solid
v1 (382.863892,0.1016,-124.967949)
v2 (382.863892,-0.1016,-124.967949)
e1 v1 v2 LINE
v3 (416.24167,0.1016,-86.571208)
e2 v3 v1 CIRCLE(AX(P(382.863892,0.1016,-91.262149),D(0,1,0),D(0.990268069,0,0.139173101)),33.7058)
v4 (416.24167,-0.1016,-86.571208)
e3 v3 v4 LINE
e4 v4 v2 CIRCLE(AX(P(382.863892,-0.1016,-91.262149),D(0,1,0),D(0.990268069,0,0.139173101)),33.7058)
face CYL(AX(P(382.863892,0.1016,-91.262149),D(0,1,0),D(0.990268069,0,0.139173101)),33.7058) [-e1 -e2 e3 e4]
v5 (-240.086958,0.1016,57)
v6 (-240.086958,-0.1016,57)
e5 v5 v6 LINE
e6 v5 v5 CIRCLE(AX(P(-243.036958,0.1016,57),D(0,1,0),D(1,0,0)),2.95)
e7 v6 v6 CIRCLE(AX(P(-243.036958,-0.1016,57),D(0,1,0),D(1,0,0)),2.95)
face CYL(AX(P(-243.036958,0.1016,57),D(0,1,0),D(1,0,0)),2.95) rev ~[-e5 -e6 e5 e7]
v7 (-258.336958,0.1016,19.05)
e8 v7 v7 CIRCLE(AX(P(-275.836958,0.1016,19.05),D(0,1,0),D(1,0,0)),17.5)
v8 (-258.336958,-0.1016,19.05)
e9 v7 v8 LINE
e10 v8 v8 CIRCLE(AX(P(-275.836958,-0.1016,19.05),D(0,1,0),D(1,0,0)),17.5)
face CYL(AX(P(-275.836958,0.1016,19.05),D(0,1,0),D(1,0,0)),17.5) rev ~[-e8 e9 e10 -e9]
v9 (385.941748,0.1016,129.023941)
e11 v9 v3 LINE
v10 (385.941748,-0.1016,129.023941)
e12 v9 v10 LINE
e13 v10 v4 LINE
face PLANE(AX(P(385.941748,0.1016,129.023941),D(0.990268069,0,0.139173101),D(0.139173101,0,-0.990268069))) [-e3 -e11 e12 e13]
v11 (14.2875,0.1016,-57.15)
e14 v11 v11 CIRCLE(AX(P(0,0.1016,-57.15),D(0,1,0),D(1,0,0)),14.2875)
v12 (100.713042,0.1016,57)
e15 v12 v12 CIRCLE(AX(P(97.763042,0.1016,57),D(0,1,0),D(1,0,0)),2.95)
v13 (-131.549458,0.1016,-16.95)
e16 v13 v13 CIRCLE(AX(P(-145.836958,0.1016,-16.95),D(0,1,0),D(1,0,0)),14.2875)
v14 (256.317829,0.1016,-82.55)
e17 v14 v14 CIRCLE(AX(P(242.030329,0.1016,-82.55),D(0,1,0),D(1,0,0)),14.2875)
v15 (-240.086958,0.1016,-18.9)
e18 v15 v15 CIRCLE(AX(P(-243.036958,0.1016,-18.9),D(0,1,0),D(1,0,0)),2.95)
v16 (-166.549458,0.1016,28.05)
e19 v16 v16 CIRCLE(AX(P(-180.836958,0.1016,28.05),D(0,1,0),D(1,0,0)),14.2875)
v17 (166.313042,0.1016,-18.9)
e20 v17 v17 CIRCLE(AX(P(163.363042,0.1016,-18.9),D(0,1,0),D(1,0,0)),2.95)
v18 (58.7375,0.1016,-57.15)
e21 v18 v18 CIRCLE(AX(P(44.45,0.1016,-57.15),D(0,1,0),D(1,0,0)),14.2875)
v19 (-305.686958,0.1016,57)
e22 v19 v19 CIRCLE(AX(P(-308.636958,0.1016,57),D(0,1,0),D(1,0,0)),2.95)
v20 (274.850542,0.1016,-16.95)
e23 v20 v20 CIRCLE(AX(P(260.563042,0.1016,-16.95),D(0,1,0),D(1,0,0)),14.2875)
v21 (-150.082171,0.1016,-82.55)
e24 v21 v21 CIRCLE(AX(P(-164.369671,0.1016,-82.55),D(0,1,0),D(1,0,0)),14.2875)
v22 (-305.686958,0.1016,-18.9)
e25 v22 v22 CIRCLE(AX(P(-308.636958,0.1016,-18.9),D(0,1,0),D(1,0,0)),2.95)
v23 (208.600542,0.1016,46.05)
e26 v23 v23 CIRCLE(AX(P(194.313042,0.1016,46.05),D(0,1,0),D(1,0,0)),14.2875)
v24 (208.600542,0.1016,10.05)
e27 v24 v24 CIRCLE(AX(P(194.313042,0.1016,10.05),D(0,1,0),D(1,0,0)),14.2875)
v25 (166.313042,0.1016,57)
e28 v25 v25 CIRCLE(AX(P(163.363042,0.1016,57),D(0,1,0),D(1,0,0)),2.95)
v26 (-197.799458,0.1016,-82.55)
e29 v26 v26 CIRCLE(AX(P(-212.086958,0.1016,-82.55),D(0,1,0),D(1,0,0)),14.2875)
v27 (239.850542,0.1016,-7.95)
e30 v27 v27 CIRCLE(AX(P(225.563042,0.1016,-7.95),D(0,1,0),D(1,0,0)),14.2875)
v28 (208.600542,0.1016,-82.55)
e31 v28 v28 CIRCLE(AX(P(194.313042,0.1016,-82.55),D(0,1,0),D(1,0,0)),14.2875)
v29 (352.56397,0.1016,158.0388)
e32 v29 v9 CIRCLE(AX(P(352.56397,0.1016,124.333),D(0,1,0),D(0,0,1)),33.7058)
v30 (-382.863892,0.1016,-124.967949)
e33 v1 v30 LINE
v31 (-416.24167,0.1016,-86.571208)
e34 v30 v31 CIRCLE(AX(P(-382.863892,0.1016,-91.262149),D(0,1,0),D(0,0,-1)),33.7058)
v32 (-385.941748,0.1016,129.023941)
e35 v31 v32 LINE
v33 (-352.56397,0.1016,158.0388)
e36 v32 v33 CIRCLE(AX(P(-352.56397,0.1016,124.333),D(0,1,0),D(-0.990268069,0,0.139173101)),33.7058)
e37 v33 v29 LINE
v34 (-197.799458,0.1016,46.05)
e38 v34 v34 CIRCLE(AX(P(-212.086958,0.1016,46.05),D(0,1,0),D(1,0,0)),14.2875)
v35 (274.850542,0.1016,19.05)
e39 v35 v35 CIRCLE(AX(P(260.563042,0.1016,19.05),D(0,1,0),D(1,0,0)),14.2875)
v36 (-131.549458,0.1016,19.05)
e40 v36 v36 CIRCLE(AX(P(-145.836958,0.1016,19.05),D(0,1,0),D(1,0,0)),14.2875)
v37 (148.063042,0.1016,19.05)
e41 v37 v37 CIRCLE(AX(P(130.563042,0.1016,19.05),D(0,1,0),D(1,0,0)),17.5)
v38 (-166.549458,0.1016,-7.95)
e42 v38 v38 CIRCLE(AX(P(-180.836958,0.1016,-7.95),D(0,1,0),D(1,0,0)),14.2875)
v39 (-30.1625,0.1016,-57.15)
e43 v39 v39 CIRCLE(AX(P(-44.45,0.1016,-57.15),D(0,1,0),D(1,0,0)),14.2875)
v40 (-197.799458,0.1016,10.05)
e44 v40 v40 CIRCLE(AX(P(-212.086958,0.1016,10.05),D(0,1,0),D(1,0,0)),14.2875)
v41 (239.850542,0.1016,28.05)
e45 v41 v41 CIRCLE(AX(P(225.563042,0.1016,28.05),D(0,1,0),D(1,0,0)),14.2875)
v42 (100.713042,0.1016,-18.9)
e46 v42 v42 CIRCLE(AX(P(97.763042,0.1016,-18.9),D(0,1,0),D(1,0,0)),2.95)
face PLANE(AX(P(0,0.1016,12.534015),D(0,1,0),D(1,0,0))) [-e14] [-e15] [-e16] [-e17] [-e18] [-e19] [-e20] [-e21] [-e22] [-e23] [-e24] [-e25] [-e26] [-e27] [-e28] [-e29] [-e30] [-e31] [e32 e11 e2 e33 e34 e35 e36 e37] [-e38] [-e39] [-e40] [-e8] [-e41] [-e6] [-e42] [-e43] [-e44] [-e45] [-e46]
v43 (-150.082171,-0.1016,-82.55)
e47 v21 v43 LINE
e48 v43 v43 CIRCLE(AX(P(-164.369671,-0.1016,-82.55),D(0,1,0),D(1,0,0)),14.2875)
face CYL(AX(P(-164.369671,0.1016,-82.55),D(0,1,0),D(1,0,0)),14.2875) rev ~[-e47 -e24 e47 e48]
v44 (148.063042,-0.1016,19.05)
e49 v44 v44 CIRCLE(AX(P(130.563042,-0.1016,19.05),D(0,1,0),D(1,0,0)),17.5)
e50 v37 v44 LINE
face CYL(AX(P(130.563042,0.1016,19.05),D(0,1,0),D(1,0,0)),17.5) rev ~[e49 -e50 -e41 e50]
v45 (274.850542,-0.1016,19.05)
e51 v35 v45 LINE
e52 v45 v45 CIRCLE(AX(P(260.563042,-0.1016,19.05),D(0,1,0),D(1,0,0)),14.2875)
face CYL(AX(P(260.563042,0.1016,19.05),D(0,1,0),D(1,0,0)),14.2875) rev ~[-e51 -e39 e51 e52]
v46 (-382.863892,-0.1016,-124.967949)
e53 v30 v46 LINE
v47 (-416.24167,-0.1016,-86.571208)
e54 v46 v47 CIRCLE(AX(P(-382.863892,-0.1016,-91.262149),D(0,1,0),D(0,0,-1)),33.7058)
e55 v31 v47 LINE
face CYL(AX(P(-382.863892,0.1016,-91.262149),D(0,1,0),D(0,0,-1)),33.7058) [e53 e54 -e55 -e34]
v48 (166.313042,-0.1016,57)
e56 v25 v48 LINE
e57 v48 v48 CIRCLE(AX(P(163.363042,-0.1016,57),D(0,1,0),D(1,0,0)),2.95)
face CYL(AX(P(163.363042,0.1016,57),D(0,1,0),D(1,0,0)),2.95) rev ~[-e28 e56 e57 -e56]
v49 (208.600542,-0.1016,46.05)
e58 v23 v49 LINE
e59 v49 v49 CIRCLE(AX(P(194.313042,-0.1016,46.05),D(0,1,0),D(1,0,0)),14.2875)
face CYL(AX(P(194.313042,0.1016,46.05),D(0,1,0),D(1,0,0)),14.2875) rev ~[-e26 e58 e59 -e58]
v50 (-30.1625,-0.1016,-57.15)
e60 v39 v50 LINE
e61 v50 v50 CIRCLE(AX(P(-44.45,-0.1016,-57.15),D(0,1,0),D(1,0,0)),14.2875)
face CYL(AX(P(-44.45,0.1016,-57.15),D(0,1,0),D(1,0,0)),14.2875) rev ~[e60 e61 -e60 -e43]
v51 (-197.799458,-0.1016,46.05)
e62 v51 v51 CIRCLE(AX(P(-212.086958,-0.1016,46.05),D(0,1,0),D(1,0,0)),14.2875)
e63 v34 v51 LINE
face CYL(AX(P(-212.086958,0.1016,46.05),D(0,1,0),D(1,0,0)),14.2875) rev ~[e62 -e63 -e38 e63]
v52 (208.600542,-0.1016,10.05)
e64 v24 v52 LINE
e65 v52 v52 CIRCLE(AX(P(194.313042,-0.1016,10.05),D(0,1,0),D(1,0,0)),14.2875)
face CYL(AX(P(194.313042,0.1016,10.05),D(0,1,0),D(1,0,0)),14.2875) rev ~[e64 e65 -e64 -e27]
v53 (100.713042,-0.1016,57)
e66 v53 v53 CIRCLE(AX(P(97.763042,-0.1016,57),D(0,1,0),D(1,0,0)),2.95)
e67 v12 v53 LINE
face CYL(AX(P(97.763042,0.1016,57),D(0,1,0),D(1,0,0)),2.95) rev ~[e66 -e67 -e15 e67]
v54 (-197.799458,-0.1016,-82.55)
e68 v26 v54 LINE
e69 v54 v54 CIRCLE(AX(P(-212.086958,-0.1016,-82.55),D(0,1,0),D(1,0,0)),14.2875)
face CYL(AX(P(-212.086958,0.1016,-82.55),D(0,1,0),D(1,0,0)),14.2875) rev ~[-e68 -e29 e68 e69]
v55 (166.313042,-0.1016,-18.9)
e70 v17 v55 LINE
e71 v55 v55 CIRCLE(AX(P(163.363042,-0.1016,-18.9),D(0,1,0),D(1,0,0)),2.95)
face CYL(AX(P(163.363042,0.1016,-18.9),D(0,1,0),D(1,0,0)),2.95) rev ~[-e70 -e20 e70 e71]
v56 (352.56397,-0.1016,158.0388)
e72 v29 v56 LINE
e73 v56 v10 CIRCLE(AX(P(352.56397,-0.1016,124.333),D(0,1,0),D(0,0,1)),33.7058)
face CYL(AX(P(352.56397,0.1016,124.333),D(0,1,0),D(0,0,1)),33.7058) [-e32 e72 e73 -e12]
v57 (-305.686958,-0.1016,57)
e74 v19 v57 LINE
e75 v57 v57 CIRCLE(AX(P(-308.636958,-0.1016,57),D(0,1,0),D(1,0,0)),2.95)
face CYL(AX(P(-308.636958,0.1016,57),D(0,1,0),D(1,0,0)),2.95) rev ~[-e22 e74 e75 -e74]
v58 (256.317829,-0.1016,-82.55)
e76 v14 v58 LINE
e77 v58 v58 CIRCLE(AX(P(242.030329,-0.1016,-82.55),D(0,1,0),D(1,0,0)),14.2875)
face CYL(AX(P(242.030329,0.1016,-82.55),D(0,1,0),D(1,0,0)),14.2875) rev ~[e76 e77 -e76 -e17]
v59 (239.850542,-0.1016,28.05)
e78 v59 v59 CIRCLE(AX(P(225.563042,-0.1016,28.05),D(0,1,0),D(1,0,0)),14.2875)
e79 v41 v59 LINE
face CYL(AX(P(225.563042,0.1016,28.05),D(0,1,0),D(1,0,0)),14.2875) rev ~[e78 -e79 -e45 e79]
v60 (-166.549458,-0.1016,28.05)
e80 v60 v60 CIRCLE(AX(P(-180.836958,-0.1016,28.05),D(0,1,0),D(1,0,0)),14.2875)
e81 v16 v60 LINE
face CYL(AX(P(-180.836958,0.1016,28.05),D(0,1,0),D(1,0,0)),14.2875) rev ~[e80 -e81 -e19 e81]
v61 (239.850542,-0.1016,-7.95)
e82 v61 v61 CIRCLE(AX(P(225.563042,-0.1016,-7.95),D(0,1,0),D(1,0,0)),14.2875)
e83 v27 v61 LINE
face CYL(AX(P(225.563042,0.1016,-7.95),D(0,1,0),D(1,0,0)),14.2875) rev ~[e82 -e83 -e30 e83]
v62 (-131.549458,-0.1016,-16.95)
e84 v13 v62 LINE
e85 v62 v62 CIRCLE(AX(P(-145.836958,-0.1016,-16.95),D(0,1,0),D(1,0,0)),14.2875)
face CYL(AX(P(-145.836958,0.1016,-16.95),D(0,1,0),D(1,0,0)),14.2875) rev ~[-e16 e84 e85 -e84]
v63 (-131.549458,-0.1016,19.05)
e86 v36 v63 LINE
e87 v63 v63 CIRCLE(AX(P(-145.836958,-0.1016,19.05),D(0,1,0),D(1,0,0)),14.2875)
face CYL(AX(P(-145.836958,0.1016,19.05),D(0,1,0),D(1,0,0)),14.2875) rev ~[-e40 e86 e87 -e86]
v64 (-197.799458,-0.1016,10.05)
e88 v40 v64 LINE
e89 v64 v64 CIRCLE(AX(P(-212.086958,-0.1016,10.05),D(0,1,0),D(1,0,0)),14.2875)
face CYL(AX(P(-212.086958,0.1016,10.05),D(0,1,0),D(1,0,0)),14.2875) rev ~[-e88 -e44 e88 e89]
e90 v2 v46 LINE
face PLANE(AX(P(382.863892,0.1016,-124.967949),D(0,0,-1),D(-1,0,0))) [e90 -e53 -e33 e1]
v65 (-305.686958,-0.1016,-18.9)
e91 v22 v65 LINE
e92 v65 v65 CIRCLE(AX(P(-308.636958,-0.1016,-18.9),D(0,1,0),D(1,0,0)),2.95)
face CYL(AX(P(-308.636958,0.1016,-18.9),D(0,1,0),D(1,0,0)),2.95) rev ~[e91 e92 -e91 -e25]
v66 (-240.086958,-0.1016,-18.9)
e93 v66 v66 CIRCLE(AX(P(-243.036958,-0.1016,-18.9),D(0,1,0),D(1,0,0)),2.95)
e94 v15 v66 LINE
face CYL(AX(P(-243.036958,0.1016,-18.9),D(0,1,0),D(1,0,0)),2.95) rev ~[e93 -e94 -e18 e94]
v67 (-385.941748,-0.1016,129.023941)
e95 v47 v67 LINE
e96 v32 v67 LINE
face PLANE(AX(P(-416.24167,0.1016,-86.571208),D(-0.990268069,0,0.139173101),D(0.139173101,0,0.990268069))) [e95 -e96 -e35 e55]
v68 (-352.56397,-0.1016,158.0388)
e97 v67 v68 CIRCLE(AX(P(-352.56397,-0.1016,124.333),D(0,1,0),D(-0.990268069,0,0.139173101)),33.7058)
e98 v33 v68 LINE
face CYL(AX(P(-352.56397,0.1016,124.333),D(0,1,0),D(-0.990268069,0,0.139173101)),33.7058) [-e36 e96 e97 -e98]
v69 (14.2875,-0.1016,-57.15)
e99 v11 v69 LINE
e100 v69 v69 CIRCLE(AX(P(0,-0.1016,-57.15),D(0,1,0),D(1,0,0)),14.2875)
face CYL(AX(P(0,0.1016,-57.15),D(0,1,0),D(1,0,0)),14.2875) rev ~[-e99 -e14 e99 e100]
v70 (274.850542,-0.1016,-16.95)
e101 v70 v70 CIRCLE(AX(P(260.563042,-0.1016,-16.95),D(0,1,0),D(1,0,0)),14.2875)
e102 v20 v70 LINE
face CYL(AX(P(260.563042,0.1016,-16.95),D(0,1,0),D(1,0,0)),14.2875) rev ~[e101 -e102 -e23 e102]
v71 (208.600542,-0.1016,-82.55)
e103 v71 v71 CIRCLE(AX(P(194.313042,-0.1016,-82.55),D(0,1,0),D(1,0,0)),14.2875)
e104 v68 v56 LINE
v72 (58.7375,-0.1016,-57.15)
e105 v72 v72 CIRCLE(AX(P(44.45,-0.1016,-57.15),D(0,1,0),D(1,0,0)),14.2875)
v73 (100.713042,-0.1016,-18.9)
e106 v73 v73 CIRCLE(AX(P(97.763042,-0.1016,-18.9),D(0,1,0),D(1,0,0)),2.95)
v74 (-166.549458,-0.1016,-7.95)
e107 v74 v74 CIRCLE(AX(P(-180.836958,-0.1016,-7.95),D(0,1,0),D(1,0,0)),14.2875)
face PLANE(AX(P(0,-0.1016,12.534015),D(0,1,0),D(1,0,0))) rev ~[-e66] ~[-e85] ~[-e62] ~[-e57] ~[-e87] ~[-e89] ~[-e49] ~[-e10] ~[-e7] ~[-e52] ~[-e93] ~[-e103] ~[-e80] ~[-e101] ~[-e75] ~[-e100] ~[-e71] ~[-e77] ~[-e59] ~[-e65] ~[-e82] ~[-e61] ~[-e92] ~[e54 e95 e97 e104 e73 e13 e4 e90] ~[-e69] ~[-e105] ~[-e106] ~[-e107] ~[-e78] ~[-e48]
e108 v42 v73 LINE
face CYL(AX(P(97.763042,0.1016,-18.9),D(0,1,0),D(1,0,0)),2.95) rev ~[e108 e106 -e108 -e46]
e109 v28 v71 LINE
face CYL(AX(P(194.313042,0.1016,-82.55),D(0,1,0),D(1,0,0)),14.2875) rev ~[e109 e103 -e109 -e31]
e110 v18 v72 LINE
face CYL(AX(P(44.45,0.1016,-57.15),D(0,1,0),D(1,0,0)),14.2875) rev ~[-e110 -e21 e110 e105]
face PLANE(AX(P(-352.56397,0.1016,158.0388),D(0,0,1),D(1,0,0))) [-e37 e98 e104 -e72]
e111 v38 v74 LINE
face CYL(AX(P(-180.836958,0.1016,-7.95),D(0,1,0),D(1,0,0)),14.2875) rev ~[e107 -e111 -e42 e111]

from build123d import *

# Parameters (mm, degrees)
SKETCH1_W               = 671.5125
SKETCH1_H               = 299.466
BOSS_EXTRUDE1_DEPTH     = 0.1016
BOSS_EXTRUDE2_DEPTH     = 0.2032
FILLET1_R               = 25.4
SKETCH3_R               = 17.5
SKETCH3_R_2             = 14.2875
SKETCH3_R_3             = 2.95
CUT_EXTRUDE1_DEPTH      = 1
CUT_EXTRUDE1_DEPTH_BACK = 1.2032
SKETCH4_W               = 671.5125
SKETCH4_H               = 33.0708508
CUT_EXTRUDE2_DEPTH      = 1
CUT_EXTRUDE2_DEPTH_BACK = 1.2032
BOSS_EXTRUDE3_DEPTH     = 0.2032


with BuildPart() as part:
    # Sketch1 → Boss-Extrude1 (new body, symmetric)
    with BuildSketch(Plane(origin=(0, 0, 0), x_dir=(1, 0, 0), z_dir=(0, 1, 0))):
        Rectangle(SKETCH1_W, SKETCH1_H)
    extrude(amount=BOSS_EXTRUDE1_DEPTH, both=True)

    # Sketch2 → Boss-Extrude2 (add)
    with BuildSketch(Plane(origin=(0, 0.1016, 0), x_dir=(1, 0, 0), z_dir=(0, 1, 0))):
        Polygon((335.75625, -149.733), (374.643853371, -149.733), (412.08325, 116.6621492), (335.75625, 116.6621492), align=None)
        Polygon((-335.75625, 116.6621492), (-335.75625, -149.733), (-374.643853371, -149.733), (-412.08325, 116.6621492), align=None)
    extrude(amount=-BOSS_EXTRUDE2_DEPTH)

    # Fillet1
    fillet1_edges = [part.edges().sort_by_distance(p)[0] for p in [
        (374.643853371, 0, 149.733),
        (412.08325, 0, -116.6621492),
        (-412.08325, 0, -116.6621492),
        (-374.643853371, 0, 149.733),
    ]]
    fillet(fillet1_edges, radius=FILLET1_R)

    # Sketch3 → Cut-Extrude1 (cut, two sides)
    with BuildSketch(Plane(origin=(0, 0.1016, 0), x_dir=(1, 0, 0), z_dir=(0, 1, 0))) as cut_extrude1_sk:
        with Locations((-275.836957508, -19.05)):
            Circle(SKETCH3_R)
        with Locations((-180.836957508, 7.95)):
            Circle(SKETCH3_R_2)
        with Locations((-145.836957508, 16.95)):
            Circle(SKETCH3_R_2)
        with Locations((-145.836957508, -19.05)):
            Circle(SKETCH3_R_2)
        with Locations((-180.836957508, -28.05)):
            Circle(SKETCH3_R_2)
        with Locations((-212.086957508, -10.05)):
            Circle(SKETCH3_R_2)
        with Locations((-212.086957508, -46.05)):
            Circle(SKETCH3_R_2)
        with Locations((-212.086957508, 82.55)):
            Circle(SKETCH3_R_2)
        with Locations((-164.36967051, 82.55)):
            Circle(SKETCH3_R_2)
        with Locations((130.563042492, -19.05)):
            Circle(SKETCH3_R)
        with Locations((225.563042492, 7.95)):
            Circle(SKETCH3_R_2)
        with Locations((260.563042492, 16.95)):
            Circle(SKETCH3_R_2)
        with Locations((260.563042492, -19.05)):
            Circle(SKETCH3_R_2)
        with Locations((225.563042492, -28.05)):
            Circle(SKETCH3_R_2)
        with Locations((194.313042492, -10.05)):
            Circle(SKETCH3_R_2)
        with Locations((194.313042492, -46.05)):
            Circle(SKETCH3_R_2)
        with Locations((194.313042492, 82.55)):
            Circle(SKETCH3_R_2)
        with Locations((242.03032949, 82.55)):
            Circle(SKETCH3_R_2)
        with Locations((-308.636957508, 18.9)):
            Circle(SKETCH3_R_3)
        with Locations((-243.036957508, 18.9)):
            Circle(SKETCH3_R_3)
        with Locations((-308.636957508, -57)):
            Circle(SKETCH3_R_3)
        with Locations((-243.036957508, -57)):
            Circle(SKETCH3_R_3)
        with Locations((97.763042492, 18.9)):
            Circle(SKETCH3_R_3)
        with Locations((163.363042492, 18.9)):
            Circle(SKETCH3_R_3)
        with Locations((97.763042492, -57)):
            Circle(SKETCH3_R_3)
        with Locations((163.363042492, -57)):
            Circle(SKETCH3_R_3)
        with Locations((-44.45, 57.15)):
            Circle(SKETCH3_R_2)
        with Locations((0, 57.15)):
            Circle(SKETCH3_R_2)
        with Locations((44.45, 57.15)):
            Circle(SKETCH3_R_2)
    extrude(amount=CUT_EXTRUDE1_DEPTH, mode=Mode.SUBTRACT)
    extrude(cut_extrude1_sk.sketch, amount=-CUT_EXTRUDE1_DEPTH_BACK, mode=Mode.SUBTRACT)

    # Sketch4 → Cut-Extrude2 (cut, two sides)
    with BuildSketch(Plane(origin=(0, 0.1016, 0), x_dir=(1, 0, 0), z_dir=(0, 1, 0))) as cut_extrude2_sk:
        with Locations((0, 133.1975746)):
            Rectangle(SKETCH4_W, SKETCH4_H)
    extrude(amount=CUT_EXTRUDE2_DEPTH, mode=Mode.SUBTRACT)
    extrude(cut_extrude2_sk.sketch, amount=-CUT_EXTRUDE2_DEPTH_BACK, mode=Mode.SUBTRACT)

    # Sketch5 → Boss-Extrude3 (add)
    with BuildSketch(Plane(origin=(0, 0.1016, 0), x_dir=(1, 0, 0), z_dir=(0, 1, 0))):
        with BuildLine():
            Line((382.863892457, 124.9679492), (-382.863892457, 124.9679492))
            ThreePointArc((-382.863892457, 124.9679492), (-408.301982626, 113.375143619), (-416.241669928, 86.571208494))
            Line((-416.241669928, 86.571208494), (-385.941747702, -129.023940706))
            ThreePointArc((-385.941747702, -129.023940706), (-374.67696465, -149.771090169), (-352.56397023, -158.0388))
            Line((-352.56397023, -158.0388), (352.56397023, -158.0388))
            ThreePointArc((352.56397023, -158.0388), (374.67696465, -149.771090169), (385.941747702, -129.023940706))
            Line((385.941747702, -129.023940706), (416.241669928, 86.571208494))
            ThreePointArc((416.241669928, 86.571208494), (408.301982626, 113.375143619), (382.863892457, 124.9679492))
        make_face()
        with BuildLine():
            Line((382.863892457, 116.6621492), (-382.863892457, 116.6621492))
            ThreePointArc((-382.863892457, 116.6621492), (-402.033515794, 107.926048536), (-408.016701403, 87.727152436))
            Line((-408.016701403, 87.727152436), (-377.716779176, -127.867996764))
            ThreePointArc((-377.716779176, -127.867996764), (-369.227869567, -143.502623338), (-352.56397023, -149.733))
            Line((-352.56397023, -149.733), (352.56397023, -149.733))
            ThreePointArc((352.56397023, -149.733), (369.227869567, -143.502623338), (377.716779176, -127.867996764))
            Line((377.716779176, -127.867996764), (408.016701403, 87.727152436))
            ThreePointArc((408.016701403, 87.727152436), (402.033515794, 107.926048536), (382.863892457, 116.6621492))
        make_face(mode=Mode.SUBTRACT)
    extrude(amount=-BOSS_EXTRUDE3_DEPTH)


solid = part.part
